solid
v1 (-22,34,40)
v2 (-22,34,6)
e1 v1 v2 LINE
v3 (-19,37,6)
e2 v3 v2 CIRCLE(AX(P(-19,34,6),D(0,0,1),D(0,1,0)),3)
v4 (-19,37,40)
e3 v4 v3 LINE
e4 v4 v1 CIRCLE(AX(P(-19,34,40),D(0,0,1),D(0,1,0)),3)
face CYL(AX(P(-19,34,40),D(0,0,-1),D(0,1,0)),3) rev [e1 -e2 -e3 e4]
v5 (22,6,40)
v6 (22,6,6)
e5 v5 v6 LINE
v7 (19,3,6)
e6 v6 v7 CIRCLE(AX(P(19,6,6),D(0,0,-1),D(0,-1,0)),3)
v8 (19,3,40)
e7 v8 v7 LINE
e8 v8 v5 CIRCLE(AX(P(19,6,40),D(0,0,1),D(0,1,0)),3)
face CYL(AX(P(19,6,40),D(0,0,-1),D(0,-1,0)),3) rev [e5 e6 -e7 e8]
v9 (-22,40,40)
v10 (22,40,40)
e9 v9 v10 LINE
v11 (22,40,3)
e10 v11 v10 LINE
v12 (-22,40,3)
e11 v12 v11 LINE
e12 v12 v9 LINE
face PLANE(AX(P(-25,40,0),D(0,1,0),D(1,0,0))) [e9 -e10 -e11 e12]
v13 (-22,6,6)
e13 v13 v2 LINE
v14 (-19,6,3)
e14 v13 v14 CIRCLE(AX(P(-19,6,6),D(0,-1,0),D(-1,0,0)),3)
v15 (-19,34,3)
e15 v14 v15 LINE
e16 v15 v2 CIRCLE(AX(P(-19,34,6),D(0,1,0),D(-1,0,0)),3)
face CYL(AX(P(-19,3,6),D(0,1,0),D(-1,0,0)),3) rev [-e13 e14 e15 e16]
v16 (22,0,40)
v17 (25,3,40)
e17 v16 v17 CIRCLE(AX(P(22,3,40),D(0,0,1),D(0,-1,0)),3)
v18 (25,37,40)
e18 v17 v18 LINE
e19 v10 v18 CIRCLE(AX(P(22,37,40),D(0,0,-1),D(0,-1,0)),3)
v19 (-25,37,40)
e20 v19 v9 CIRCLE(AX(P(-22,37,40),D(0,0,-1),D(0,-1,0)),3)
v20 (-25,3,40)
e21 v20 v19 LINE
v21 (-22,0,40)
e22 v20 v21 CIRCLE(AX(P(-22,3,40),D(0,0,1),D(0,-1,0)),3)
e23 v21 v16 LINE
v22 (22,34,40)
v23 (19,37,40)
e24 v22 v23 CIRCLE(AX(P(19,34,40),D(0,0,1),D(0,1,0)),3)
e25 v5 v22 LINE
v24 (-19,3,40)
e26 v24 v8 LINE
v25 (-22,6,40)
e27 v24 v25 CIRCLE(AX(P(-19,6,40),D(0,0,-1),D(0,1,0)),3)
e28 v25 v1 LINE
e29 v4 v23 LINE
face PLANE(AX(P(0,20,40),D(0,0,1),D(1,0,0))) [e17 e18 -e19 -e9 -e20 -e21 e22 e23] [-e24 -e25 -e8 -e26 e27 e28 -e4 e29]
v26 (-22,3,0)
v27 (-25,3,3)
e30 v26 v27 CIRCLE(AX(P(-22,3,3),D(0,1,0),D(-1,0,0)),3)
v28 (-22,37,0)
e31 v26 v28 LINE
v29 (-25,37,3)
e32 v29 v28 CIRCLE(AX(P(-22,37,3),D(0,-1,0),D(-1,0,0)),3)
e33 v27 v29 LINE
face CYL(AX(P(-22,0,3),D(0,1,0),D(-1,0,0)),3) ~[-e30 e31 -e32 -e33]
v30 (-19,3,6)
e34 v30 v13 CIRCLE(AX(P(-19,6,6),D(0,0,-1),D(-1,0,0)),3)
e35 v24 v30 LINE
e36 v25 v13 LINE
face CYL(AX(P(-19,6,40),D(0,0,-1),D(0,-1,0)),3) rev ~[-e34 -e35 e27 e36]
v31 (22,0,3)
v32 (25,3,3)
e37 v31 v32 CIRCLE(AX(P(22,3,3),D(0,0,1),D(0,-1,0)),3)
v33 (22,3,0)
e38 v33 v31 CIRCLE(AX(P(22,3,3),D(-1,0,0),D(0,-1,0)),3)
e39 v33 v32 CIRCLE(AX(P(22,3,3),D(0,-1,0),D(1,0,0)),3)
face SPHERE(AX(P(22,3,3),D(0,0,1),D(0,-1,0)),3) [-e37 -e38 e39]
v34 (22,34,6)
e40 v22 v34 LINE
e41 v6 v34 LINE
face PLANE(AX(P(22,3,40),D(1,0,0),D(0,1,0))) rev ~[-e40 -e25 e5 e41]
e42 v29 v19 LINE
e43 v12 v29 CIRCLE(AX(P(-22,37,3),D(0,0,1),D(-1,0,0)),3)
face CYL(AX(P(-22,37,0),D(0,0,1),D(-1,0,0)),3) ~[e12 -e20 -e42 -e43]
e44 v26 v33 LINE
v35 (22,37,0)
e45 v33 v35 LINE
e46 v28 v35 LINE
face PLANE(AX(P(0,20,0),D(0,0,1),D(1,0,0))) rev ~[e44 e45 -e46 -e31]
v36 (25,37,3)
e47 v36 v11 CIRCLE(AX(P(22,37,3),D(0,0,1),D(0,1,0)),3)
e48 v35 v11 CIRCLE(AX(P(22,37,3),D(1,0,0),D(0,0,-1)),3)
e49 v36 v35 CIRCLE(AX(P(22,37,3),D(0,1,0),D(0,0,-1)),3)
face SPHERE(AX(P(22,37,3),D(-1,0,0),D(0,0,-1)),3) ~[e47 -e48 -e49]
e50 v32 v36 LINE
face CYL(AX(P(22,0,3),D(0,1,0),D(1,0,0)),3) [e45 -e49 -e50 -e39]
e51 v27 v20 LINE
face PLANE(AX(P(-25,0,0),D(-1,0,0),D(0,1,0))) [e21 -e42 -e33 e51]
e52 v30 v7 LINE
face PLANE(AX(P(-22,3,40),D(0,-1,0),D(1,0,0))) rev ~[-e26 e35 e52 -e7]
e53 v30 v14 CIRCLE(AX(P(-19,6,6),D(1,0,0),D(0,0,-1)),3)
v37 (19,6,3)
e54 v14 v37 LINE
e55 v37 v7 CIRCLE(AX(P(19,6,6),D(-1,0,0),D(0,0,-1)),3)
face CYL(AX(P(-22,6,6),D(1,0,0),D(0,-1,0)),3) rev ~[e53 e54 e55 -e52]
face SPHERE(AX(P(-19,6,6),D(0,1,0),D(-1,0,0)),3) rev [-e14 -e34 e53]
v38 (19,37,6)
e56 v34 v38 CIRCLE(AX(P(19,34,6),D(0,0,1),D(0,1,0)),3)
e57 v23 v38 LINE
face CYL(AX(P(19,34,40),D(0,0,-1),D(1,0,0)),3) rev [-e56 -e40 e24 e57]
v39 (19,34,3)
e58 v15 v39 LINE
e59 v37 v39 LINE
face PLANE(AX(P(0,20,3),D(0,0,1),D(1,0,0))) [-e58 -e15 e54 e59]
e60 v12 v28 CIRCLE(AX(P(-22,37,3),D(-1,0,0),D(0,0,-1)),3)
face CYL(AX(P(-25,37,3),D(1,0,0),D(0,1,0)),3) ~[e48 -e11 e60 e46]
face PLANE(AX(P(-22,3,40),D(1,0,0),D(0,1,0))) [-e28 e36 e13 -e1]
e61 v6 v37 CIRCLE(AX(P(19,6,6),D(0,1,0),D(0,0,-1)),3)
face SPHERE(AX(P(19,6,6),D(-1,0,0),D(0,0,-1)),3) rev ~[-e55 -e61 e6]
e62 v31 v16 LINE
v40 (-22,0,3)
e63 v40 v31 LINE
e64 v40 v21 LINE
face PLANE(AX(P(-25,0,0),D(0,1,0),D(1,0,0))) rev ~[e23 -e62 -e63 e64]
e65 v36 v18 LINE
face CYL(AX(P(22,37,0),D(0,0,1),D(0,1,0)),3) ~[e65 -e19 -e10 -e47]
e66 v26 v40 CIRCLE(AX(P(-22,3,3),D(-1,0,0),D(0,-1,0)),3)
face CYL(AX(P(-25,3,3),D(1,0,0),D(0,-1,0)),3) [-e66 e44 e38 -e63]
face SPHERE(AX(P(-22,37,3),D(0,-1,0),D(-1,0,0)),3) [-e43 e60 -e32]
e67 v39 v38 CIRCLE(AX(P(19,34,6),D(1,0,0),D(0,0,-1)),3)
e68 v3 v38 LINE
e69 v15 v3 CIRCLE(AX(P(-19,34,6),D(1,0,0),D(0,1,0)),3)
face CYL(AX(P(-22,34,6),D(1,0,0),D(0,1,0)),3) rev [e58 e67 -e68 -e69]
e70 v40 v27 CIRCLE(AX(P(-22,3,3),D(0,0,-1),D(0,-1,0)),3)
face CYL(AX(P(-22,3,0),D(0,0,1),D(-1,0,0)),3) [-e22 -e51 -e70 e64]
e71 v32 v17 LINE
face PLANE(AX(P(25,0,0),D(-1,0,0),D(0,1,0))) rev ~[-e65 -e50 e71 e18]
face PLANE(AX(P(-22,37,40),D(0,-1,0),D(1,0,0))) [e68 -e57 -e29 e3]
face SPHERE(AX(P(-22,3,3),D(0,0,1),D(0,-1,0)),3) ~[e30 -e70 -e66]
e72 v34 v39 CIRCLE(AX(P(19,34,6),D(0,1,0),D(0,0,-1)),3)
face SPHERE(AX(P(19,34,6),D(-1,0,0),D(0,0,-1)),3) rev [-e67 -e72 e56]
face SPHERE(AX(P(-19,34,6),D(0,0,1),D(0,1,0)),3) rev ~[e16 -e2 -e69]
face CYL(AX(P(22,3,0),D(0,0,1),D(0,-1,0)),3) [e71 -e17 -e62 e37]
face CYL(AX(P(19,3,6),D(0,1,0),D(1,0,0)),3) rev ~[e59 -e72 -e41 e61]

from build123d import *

# Parameters (mm, degrees)
F0_W     = 50
F0_H     = 40
F1_DEPTH = 40
F2_W     = 44
F2_H     = 34
F3_DEPTH = 37
F4_R     = 3
F5_R     = 3


with BuildPart() as f1:
    # F0 (on Top) → F1 (new body)
    with BuildSketch(Plane.XY):
        with Locations((0, 20)):
            Rectangle(F0_W, F0_H)
    extrude(amount=F1_DEPTH)

    # F2 (on face) → F3 (cut)
    with BuildSketch(Plane.XY.offset(40)):
        with Locations((0, 20)):
            Rectangle(F2_W, F2_H)
    extrude(amount=-F3_DEPTH, mode=Mode.SUBTRACT)

    # F4
    f4_edges = [f1.edges().sort_by_distance(p)[0] for p in [
        (-22, 37, 21.5),
        (0, 37, 3),
        (-22, 20, 3),
        (-22, 3, 21.5),
        (0, 3, 3),
        (22, 20, 3),
        (22, 37, 21.5),
        (22, 3, 21.5),
    ]]
    fillet(f4_edges, radius=F4_R)

    # F5
    f5_edges = [f1.edges().sort_by_distance(p)[0] for p in [
        (-25, 0, 20),
        (25, 0, 20),
        (0, 0, 0),
        (-25, 20, 0),
        (-25, 40, 20),
        (0, 40, 0),
        (25, 20, 0),
        (25, 40, 20),
    ]]
    fillet(f5_edges, radius=F5_R)


solid = f1.part
